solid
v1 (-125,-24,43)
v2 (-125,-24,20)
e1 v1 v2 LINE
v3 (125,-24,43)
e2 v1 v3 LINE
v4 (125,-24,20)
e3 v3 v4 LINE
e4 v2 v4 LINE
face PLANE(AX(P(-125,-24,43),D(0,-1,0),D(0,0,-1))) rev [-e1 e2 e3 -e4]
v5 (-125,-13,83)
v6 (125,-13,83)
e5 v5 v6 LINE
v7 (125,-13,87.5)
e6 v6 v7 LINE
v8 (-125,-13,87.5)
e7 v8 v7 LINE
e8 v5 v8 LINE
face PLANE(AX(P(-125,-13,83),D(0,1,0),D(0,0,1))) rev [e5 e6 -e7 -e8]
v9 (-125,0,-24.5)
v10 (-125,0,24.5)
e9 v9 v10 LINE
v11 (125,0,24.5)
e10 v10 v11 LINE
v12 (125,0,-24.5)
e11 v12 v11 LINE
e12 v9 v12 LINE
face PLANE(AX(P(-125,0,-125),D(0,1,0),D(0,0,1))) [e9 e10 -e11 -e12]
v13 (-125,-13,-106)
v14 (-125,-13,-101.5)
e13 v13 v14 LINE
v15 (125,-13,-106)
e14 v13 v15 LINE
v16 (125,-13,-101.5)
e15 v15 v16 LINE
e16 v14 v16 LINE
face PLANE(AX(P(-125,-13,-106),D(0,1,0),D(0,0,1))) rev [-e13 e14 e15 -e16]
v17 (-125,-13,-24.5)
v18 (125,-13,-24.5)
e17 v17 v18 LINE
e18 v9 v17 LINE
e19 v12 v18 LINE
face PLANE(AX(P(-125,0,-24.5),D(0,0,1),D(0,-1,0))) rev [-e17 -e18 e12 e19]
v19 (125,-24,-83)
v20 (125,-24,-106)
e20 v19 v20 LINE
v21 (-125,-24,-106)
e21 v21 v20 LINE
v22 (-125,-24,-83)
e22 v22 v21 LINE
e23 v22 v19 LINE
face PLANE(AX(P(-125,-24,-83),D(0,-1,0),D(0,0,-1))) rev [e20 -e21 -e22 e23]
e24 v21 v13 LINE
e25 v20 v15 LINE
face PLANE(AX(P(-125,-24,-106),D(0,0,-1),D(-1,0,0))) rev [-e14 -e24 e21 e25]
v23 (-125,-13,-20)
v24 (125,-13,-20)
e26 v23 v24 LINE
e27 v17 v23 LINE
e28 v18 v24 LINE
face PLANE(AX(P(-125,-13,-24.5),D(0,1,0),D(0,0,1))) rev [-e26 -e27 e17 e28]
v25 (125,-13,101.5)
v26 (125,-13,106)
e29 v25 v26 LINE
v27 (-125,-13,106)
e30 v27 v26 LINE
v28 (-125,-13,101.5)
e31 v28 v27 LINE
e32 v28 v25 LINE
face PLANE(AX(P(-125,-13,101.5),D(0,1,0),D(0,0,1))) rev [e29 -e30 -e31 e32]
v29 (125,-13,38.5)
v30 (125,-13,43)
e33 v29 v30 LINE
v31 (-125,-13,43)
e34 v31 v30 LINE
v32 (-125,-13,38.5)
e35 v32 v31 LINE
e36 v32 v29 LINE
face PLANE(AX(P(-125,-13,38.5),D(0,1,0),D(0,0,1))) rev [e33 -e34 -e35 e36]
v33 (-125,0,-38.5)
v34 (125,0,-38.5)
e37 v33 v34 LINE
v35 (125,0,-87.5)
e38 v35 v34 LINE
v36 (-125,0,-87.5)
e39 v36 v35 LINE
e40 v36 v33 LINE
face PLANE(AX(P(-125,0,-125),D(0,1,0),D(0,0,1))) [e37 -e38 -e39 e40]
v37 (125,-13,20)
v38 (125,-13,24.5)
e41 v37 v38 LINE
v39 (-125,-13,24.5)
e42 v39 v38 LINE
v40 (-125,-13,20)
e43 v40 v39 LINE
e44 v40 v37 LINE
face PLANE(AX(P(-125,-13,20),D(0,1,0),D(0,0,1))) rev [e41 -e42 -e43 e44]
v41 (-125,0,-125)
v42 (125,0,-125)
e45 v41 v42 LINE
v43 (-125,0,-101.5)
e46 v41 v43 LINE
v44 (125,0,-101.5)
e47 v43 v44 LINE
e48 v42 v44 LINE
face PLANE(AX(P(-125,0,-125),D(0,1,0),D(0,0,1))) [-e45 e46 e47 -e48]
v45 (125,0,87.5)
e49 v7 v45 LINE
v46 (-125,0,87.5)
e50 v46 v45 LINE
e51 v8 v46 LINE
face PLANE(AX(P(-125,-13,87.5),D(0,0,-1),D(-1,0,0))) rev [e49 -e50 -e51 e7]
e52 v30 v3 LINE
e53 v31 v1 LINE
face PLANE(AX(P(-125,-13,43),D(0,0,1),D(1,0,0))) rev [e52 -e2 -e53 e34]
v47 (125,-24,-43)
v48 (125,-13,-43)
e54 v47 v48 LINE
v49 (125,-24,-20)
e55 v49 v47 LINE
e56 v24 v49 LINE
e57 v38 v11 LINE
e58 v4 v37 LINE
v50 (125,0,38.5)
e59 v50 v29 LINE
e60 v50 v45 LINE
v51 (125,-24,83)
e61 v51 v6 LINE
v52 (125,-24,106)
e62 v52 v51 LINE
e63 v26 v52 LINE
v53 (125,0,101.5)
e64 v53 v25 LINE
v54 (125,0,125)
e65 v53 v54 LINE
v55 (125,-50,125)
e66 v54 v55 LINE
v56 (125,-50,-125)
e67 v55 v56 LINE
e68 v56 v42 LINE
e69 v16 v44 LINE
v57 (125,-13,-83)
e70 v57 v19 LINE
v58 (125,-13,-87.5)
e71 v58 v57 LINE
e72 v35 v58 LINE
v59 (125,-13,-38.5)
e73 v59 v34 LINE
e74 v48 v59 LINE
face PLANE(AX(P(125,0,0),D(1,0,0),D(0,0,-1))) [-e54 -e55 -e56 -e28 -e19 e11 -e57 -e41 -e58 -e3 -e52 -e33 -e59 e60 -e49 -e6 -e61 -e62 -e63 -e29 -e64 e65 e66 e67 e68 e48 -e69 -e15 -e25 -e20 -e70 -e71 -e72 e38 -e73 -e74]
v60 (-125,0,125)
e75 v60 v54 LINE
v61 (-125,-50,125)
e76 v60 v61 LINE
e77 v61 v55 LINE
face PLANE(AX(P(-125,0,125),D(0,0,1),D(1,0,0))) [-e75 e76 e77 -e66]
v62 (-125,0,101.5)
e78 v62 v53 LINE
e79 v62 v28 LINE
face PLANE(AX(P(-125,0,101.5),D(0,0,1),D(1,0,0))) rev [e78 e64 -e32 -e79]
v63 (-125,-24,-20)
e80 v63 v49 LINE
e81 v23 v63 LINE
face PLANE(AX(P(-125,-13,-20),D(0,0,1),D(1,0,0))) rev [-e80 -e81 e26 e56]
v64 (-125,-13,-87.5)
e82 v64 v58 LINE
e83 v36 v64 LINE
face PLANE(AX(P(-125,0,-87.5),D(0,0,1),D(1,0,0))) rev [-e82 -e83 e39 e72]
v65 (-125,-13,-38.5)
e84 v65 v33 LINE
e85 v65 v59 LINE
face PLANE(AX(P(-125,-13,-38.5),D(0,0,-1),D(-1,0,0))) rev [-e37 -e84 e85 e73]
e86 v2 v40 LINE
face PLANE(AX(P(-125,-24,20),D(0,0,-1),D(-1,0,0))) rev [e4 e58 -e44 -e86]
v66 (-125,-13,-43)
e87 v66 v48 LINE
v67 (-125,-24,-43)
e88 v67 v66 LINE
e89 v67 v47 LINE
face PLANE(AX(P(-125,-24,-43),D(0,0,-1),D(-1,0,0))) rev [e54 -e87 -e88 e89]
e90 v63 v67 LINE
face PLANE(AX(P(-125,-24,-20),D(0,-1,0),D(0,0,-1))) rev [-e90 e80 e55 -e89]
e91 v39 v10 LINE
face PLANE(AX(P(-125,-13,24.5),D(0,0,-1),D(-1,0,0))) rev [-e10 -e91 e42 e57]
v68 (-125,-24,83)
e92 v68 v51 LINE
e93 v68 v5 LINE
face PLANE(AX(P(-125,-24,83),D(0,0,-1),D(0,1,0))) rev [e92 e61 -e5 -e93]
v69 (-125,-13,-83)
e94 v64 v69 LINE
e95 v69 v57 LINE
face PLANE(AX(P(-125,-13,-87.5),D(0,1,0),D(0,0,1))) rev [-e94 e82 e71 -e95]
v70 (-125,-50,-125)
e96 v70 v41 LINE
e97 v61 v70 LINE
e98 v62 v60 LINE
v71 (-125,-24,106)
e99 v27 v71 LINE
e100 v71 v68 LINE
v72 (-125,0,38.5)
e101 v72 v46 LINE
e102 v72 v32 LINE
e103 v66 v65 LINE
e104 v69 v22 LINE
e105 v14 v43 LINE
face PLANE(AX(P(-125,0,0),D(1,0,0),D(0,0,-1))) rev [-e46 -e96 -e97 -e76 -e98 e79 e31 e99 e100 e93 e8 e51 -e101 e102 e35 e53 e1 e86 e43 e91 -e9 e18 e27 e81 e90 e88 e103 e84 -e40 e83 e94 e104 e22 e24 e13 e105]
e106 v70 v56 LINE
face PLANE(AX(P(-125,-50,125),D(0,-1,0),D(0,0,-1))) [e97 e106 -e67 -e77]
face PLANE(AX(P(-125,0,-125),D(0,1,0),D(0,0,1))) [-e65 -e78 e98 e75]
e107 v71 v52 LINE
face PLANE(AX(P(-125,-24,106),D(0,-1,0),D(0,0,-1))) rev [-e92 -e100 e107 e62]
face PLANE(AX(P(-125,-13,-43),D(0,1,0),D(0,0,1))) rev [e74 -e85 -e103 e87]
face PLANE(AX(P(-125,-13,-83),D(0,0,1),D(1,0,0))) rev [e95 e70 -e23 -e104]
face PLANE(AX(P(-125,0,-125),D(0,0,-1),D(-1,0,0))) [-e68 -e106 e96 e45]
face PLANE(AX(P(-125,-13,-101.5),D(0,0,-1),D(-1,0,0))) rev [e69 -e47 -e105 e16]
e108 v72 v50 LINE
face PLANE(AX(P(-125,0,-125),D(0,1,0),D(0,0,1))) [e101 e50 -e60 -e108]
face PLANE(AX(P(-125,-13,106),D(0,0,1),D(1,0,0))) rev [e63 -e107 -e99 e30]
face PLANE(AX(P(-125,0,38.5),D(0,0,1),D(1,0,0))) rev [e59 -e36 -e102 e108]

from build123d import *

# Parameters (mm, degrees)
SALIENTE_EXTRUIR1_DEPTH      = 125
SALIENTE_EXTRUIR1_DEPTH_BACK = 125
CROQUIS1_W                   = 250
CROQUIS1_H                   = 50
CORTAR_EXTRUIR1_DEPTH        = 284.94541729


with BuildPart() as part:
    # Croquis1 → Saliente-Extruir1 (new, two sides: drawn at the far end of the back side and taken through both)
    with BuildSketch(Plane(origin=(0, 0, 0), x_dir=(0, 0, -1), z_dir=(1, 0, 0)).offset(-SALIENTE_EXTRUIR1_DEPTH_BACK)):
        with Locations((0, -25)):
            Rectangle(CROQUIS1_W, CROQUIS1_H)
    extrude(amount=SALIENTE_EXTRUIR1_DEPTH + SALIENTE_EXTRUIR1_DEPTH_BACK)

    # Croquis2 → Cortar-Extruir1 (cut, through all)
    with BuildSketch(Plane(origin=(125, 0, 0), x_dir=(0, 0, -1), z_dir=(1, 0, 0))):
        Polygon((-101.5, 0), (-101.5, -13), (-106, -13), (-106, -24), (-83, -24), (-83, -13), (-87.5, -13), (-87.5, 0), align=None)
        Polygon((-24.5, 0), (-38.5, 0), (-38.5, -13), (-43, -13), (-43, -24), (-20, -24), (-20, -13), (-24.5, -13), align=None)
        Polygon((38.5, 0), (24.5, 0), (24.5, -13), (20, -13), (20, -24), (43, -24), (43, -13), (38.5, -13), align=None)
        Polygon((101.5, 0), (87.5, 0), (87.5, -13), (83, -13), (83, -24), (106, -24), (106, -13), (101.5, -13), align=None)
    extrude(amount=-CORTAR_EXTRUIR1_DEPTH, mode=Mode.SUBTRACT)


solid = part.part
